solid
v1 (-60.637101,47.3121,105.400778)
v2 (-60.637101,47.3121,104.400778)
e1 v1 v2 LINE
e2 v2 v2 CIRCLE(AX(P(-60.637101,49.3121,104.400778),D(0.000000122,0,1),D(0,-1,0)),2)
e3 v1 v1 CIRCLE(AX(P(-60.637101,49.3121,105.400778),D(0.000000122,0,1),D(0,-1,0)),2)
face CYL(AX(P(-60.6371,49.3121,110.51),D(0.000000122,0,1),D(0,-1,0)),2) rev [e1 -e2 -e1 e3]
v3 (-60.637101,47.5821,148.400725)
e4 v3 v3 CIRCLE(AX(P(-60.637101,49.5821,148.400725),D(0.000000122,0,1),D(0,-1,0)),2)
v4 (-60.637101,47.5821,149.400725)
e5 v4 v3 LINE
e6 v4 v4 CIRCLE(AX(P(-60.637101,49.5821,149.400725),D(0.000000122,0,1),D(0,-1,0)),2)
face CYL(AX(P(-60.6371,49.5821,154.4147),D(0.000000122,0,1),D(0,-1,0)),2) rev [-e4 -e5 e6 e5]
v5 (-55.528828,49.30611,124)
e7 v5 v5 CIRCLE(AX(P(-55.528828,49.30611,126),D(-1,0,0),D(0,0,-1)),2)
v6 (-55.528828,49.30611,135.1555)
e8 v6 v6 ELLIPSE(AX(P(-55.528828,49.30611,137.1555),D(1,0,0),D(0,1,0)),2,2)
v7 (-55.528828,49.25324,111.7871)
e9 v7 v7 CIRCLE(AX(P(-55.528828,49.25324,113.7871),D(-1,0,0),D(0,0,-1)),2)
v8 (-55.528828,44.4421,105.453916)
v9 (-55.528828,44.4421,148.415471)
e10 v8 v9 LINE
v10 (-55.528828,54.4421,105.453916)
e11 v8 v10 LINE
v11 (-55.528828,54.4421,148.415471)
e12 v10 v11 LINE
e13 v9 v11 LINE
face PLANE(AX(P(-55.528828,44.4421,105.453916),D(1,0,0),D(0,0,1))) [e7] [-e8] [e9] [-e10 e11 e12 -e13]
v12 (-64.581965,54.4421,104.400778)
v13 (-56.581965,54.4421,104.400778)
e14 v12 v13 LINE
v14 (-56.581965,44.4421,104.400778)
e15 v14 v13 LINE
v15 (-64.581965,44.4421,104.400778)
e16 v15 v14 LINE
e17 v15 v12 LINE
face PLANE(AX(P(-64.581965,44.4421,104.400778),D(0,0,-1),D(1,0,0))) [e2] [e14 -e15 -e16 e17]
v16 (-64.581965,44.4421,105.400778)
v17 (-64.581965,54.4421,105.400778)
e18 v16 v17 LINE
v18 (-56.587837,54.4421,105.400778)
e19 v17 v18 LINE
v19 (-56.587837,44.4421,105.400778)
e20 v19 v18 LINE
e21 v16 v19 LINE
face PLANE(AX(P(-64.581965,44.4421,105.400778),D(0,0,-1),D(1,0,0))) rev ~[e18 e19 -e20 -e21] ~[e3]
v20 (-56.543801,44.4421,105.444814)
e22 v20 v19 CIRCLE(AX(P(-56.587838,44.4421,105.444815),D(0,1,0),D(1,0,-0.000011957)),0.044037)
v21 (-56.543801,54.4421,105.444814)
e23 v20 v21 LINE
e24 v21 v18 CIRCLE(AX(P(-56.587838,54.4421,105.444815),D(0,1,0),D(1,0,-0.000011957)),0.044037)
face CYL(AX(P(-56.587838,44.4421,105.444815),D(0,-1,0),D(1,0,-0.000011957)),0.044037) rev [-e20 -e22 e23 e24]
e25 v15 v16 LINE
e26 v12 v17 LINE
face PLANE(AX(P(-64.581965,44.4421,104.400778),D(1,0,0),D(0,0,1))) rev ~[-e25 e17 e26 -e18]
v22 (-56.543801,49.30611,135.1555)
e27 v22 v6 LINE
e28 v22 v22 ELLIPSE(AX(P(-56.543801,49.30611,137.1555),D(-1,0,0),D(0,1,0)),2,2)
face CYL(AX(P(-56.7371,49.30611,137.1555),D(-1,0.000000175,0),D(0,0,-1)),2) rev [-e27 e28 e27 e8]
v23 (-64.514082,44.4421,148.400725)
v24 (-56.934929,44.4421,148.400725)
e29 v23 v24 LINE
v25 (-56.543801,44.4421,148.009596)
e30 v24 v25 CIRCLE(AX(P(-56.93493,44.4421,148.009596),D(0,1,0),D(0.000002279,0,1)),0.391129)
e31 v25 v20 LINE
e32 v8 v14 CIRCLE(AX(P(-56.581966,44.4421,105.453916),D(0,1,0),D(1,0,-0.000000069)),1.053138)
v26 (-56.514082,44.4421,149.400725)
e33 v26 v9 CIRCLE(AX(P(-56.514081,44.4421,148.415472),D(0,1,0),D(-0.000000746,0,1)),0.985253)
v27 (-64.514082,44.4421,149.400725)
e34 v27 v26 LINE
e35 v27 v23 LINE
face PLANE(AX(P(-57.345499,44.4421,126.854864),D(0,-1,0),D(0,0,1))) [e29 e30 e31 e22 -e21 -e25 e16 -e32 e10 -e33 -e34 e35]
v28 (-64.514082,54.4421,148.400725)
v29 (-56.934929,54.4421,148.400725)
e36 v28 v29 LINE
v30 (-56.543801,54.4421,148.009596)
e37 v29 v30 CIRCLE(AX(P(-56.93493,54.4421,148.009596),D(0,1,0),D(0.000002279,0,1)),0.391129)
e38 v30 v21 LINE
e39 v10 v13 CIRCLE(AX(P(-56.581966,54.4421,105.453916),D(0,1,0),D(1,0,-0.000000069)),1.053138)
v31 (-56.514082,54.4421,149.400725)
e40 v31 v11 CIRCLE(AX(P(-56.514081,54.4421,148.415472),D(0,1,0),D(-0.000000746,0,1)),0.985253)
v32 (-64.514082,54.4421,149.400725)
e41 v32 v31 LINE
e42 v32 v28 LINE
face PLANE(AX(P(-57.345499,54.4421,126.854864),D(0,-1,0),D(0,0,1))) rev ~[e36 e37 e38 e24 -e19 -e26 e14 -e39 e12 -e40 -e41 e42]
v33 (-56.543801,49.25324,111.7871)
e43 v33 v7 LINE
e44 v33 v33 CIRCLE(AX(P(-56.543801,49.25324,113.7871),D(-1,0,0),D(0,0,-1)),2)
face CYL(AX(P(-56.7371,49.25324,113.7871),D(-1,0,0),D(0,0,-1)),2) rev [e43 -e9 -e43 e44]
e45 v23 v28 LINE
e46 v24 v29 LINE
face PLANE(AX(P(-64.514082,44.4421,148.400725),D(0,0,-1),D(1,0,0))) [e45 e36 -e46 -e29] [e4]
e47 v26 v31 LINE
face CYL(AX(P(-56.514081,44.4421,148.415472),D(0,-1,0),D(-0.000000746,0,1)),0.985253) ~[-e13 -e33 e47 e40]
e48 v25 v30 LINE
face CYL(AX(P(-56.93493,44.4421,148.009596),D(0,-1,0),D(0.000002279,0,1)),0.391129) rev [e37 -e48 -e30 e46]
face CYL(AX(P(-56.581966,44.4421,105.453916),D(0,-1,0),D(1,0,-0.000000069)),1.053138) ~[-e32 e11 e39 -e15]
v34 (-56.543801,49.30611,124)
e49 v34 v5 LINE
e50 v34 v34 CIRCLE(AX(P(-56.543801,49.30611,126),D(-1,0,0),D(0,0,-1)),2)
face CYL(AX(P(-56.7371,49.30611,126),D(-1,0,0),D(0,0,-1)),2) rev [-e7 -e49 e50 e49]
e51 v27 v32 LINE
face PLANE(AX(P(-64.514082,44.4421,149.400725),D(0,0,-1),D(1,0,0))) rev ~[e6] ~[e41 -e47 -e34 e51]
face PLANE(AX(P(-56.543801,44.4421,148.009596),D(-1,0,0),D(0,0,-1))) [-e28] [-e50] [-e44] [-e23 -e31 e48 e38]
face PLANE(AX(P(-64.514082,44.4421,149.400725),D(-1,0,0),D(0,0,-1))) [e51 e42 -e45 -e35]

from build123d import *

# Parameters (mm, degrees)
CYLINDER030_R               = 2
CYLINDER030_DEPTH           = 10
CYLINDER030_PITCH_ANGLE     = 90
CYLINDER030_PLACEMENT_ANGLE = 7e-06
CYLINDER031_R               = 2
CYLINDER031_DEPTH           = 10
CYLINDER031_PITCH_ANGLE     = 90
CYLINDER031_PLACEMENT_ANGLE = 7e-06
CYLINDER026_R               = 2
CYLINDER026_DEPTH           = 2
CYLINDER026_ROLL_ANGLE      = -88.507054
CYLINDER026_PITCH_ANGLE     = -87.01751
CYLINDER026_PLACEMENT_ANGLE = -92.244015
CYLINDER028_R               = 2
CYLINDER028_DEPTH           = 2
CYLINDER028_PLACEMENT_ANGLE = 90.00001
CYLINDER029_R               = 2
CYLINDER029_DEPTH           = 2
CYLINDER029_ROLL_ANGLE      = 90
CYLINDER027_R               = 2
CYLINDER027_DEPTH           = 2
CYLINDER027_ROLL_ANGLE      = 90
CYLINDER025_R               = 2
CYLINDER025_DEPTH           = 2
CYLINDER025_ROLL_ANGLE      = -88.507054
CYLINDER025_PITCH_ANGLE     = -87.01751
CYLINDER025_PLACEMENT_ANGLE = -92.244015
PAD006_DEPTH                = 10
CUT032_PITCH_ANGLE          = 90
CUT032_PLACEMENT_ANGLE      = 90


with BuildPart() as cylinder030:
    # Cylinder030 → Cylinder030 (new body)
    with BuildSketch(Plane.XY):
        Circle(CYLINDER030_R)
    extrude(amount=CYLINDER030_DEPTH)


with BuildPart() as cylinder030_1:
    # Cylinder030 pitch: moved
    add(cylinder030.part.rotate(Axis((0, 0, 0), (0, 1, 0)), CYLINDER030_PITCH_ANGLE))


with BuildPart() as cylinder030_2:
    # Cylinder030 placement: moved
    add(cylinder030_1.part.moved(Location((15.49, 3.9, 4.87))).rotate(Axis((15.49, 3.9, 4.87), (0, 0, 1)), CYLINDER030_PLACEMENT_ANGLE))


with BuildPart() as cylinder031:
    # Cylinder031 → Cylinder031 (new body)
    with BuildSketch(Plane.XY):
        Circle(CYLINDER031_R)
    extrude(amount=CYLINDER031_DEPTH)


with BuildPart() as cylinder031_1:
    # Cylinder031 pitch: moved
    add(cylinder031.part.rotate(Axis((0, 0, 0), (0, 1, 0)), CYLINDER031_PITCH_ANGLE))


with BuildPart() as cylinder031_2:
    # Cylinder031 placement: moved
    add(cylinder031_1.part.moved(Location((-28.4147, 3.9, 5.14))).rotate(Axis((-28.4147, 3.9, 5.14), (0, 0, 1)), CYLINDER031_PLACEMENT_ANGLE))


with BuildPart() as cylinder026:
    # Cylinder026 → Cylinder026 (new body)
    with BuildSketch(Plane.XY):
        Circle(CYLINDER026_R)
    extrude(amount=CYLINDER026_DEPTH)


with BuildPart() as cylinder026_1:
    # Cylinder026 roll: moved
    add(cylinder026.part.rotate(Axis((0, 0, 0), (1, 0, 0)), CYLINDER026_ROLL_ANGLE))


with BuildPart() as cylinder026_2:
    # Cylinder026 pitch: moved
    add(cylinder026_1.part.rotate(Axis((0, 0, 0), (0, 1, 0)), CYLINDER026_PITCH_ANGLE))


with BuildPart() as cylinder026_3:
    # Cylinder026 placement: moved
    add(cylinder026_2.part.moved(Location((-26, 5.29, 4.9))).rotate(Axis((-26, 5.29, 4.9), (0, 0, 1)), CYLINDER026_PLACEMENT_ANGLE))


with BuildPart() as cylinder028:
    # Cylinder028 → Cylinder028 (new body)
    with BuildSketch(Plane.XY):
        Circle(CYLINDER028_R)
    extrude(amount=CYLINDER028_DEPTH)


with BuildPart() as cylinder028_1:
    # Cylinder028 placement: moved
    add(cylinder028.part.moved(Location((-11.1555, 0, 4.86401))).rotate(Axis((-11.1555, 0, 4.86401), (1, 0, 0)), CYLINDER028_PLACEMENT_ANGLE))


with BuildPart() as cylinder029:
    # Cylinder029 → Cylinder029 (new body)
    with BuildSketch(Plane.XY):
        Circle(CYLINDER029_R)
    extrude(amount=CYLINDER029_DEPTH)


with BuildPart() as cylinder029_1:
    # Cylinder029 roll: moved
    add(cylinder029.part.rotate(Axis((0, 0, 0), (1, 0, 0)), CYLINDER029_ROLL_ANGLE))


with BuildPart() as cylinder029_2:
    # Cylinder029 placement: moved
    add(cylinder029_1.part.moved(Location((0, 0, 4.86401))))


with BuildPart() as cylinder027:
    # Cylinder027 → Cylinder027 (new body)
    with BuildSketch(Plane.XY):
        Circle(CYLINDER027_R)
    extrude(amount=CYLINDER027_DEPTH)


with BuildPart() as cylinder027_1:
    # Cylinder027 roll: moved
    add(cylinder027.part.rotate(Axis((0, 0, 0), (1, 0, 0)), CYLINDER027_ROLL_ANGLE))


with BuildPart() as cylinder027_2:
    # Cylinder027 placement: moved
    add(cylinder027_1.part.moved(Location((12.2129, 0, 4.81114))))


with BuildPart() as cylinder025:
    # Cylinder025 → Cylinder025 (new body)
    with BuildSketch(Plane.XY):
        Circle(CYLINDER025_R)
    extrude(amount=CYLINDER025_DEPTH)


with BuildPart() as cylinder025_1:
    # Cylinder025 roll: moved
    add(cylinder025.part.rotate(Axis((0, 0, 0), (1, 0, 0)), CYLINDER025_ROLL_ANGLE))


with BuildPart() as cylinder025_2:
    # Cylinder025 pitch: moved
    add(cylinder025_1.part.rotate(Axis((0, 0, 0), (0, 1, 0)), CYLINDER025_PITCH_ANGLE))


with BuildPart() as cylinder025_3:
    # Cylinder025 placement: moved
    add(cylinder025_2.part.moved(Location((25, 5.38, 4.9))).rotate(Axis((25, 5.38, 4.9), (0, 0, 1)), CYLINDER025_PLACEMENT_ANGLE))


with BuildPart() as cut032:
    # Sketch007 → Pad006 (new body)
    with BuildSketch(Plane.XY):
        with BuildLine():
            Line((20.546084, -1.208272), (-22.415471, -1.208272))
            ThreePointArc((-23.400725, -0.223018), (-23.112151, -0.919698), (-22.415471, -1.208272))
            Line((-23.400725, 7.776982), (-23.400725, -0.223018))
            Line((-23.400725, 7.776982), (-22.400725, 7.776982))
            Line((-22.400725, 7.776982), (-22.400725, 0.197829))
            ThreePointArc((-22.400725, 0.197829), (-22.286166, -0.07874), (-22.009596, -0.193299))
            Line((-22.009596, -0.193299), (20.555186, -0.193299))
            ThreePointArc((20.555186, -0.193299), (20.586324, -0.180401), (20.599222, -0.149263))
            Line((20.599222, 7.844865), (20.599222, -0.149263))
            Line((21.599222, 7.844865), (20.599222, 7.844865))
            Line((21.599222, 7.844865), (21.599222, -0.155135))
            ThreePointArc((20.546084, -1.208272), (21.290765, -0.899815), (21.599222, -0.155135))
        make_face()
    extrude(amount=PAD006_DEPTH)

    # Cut005: cut Cylinder025
    add(cylinder025_3.part, mode=Mode.SUBTRACT)

    # Cut006: cut Cylinder027
    add(cylinder027_2.part, mode=Mode.SUBTRACT)

    # Cut007: cut Cylinder029
    add(cylinder029_2.part, mode=Mode.SUBTRACT)

    # Cut008: cut Cylinder028
    add(cylinder028_1.part, mode=Mode.SUBTRACT)

    # Cut009: cut Cylinder026
    add(cylinder026_3.part, mode=Mode.SUBTRACT)

    # Cut018: cut Cylinder031
    add(cylinder031_2.part, mode=Mode.SUBTRACT)

    # Cut032: cut Cylinder030
    add(cylinder030_2.part, mode=Mode.SUBTRACT)


with BuildPart() as cut032_1:
    # Cut032 pitch: moved
    add(cut032.part.rotate(Axis((0, 0, 0), (0, 1, 0)), CUT032_PITCH_ANGLE))


with BuildPart() as cut032_2:
    # Cut032 placement: moved
    add(cut032_1.part.moved(Location((-56.7371, 44.4421, 126))).rotate(Axis((-56.7371, 44.4421, 126), (0, 0, 1)), CUT032_PLACEMENT_ANGLE))


solid = cut032_2.part
